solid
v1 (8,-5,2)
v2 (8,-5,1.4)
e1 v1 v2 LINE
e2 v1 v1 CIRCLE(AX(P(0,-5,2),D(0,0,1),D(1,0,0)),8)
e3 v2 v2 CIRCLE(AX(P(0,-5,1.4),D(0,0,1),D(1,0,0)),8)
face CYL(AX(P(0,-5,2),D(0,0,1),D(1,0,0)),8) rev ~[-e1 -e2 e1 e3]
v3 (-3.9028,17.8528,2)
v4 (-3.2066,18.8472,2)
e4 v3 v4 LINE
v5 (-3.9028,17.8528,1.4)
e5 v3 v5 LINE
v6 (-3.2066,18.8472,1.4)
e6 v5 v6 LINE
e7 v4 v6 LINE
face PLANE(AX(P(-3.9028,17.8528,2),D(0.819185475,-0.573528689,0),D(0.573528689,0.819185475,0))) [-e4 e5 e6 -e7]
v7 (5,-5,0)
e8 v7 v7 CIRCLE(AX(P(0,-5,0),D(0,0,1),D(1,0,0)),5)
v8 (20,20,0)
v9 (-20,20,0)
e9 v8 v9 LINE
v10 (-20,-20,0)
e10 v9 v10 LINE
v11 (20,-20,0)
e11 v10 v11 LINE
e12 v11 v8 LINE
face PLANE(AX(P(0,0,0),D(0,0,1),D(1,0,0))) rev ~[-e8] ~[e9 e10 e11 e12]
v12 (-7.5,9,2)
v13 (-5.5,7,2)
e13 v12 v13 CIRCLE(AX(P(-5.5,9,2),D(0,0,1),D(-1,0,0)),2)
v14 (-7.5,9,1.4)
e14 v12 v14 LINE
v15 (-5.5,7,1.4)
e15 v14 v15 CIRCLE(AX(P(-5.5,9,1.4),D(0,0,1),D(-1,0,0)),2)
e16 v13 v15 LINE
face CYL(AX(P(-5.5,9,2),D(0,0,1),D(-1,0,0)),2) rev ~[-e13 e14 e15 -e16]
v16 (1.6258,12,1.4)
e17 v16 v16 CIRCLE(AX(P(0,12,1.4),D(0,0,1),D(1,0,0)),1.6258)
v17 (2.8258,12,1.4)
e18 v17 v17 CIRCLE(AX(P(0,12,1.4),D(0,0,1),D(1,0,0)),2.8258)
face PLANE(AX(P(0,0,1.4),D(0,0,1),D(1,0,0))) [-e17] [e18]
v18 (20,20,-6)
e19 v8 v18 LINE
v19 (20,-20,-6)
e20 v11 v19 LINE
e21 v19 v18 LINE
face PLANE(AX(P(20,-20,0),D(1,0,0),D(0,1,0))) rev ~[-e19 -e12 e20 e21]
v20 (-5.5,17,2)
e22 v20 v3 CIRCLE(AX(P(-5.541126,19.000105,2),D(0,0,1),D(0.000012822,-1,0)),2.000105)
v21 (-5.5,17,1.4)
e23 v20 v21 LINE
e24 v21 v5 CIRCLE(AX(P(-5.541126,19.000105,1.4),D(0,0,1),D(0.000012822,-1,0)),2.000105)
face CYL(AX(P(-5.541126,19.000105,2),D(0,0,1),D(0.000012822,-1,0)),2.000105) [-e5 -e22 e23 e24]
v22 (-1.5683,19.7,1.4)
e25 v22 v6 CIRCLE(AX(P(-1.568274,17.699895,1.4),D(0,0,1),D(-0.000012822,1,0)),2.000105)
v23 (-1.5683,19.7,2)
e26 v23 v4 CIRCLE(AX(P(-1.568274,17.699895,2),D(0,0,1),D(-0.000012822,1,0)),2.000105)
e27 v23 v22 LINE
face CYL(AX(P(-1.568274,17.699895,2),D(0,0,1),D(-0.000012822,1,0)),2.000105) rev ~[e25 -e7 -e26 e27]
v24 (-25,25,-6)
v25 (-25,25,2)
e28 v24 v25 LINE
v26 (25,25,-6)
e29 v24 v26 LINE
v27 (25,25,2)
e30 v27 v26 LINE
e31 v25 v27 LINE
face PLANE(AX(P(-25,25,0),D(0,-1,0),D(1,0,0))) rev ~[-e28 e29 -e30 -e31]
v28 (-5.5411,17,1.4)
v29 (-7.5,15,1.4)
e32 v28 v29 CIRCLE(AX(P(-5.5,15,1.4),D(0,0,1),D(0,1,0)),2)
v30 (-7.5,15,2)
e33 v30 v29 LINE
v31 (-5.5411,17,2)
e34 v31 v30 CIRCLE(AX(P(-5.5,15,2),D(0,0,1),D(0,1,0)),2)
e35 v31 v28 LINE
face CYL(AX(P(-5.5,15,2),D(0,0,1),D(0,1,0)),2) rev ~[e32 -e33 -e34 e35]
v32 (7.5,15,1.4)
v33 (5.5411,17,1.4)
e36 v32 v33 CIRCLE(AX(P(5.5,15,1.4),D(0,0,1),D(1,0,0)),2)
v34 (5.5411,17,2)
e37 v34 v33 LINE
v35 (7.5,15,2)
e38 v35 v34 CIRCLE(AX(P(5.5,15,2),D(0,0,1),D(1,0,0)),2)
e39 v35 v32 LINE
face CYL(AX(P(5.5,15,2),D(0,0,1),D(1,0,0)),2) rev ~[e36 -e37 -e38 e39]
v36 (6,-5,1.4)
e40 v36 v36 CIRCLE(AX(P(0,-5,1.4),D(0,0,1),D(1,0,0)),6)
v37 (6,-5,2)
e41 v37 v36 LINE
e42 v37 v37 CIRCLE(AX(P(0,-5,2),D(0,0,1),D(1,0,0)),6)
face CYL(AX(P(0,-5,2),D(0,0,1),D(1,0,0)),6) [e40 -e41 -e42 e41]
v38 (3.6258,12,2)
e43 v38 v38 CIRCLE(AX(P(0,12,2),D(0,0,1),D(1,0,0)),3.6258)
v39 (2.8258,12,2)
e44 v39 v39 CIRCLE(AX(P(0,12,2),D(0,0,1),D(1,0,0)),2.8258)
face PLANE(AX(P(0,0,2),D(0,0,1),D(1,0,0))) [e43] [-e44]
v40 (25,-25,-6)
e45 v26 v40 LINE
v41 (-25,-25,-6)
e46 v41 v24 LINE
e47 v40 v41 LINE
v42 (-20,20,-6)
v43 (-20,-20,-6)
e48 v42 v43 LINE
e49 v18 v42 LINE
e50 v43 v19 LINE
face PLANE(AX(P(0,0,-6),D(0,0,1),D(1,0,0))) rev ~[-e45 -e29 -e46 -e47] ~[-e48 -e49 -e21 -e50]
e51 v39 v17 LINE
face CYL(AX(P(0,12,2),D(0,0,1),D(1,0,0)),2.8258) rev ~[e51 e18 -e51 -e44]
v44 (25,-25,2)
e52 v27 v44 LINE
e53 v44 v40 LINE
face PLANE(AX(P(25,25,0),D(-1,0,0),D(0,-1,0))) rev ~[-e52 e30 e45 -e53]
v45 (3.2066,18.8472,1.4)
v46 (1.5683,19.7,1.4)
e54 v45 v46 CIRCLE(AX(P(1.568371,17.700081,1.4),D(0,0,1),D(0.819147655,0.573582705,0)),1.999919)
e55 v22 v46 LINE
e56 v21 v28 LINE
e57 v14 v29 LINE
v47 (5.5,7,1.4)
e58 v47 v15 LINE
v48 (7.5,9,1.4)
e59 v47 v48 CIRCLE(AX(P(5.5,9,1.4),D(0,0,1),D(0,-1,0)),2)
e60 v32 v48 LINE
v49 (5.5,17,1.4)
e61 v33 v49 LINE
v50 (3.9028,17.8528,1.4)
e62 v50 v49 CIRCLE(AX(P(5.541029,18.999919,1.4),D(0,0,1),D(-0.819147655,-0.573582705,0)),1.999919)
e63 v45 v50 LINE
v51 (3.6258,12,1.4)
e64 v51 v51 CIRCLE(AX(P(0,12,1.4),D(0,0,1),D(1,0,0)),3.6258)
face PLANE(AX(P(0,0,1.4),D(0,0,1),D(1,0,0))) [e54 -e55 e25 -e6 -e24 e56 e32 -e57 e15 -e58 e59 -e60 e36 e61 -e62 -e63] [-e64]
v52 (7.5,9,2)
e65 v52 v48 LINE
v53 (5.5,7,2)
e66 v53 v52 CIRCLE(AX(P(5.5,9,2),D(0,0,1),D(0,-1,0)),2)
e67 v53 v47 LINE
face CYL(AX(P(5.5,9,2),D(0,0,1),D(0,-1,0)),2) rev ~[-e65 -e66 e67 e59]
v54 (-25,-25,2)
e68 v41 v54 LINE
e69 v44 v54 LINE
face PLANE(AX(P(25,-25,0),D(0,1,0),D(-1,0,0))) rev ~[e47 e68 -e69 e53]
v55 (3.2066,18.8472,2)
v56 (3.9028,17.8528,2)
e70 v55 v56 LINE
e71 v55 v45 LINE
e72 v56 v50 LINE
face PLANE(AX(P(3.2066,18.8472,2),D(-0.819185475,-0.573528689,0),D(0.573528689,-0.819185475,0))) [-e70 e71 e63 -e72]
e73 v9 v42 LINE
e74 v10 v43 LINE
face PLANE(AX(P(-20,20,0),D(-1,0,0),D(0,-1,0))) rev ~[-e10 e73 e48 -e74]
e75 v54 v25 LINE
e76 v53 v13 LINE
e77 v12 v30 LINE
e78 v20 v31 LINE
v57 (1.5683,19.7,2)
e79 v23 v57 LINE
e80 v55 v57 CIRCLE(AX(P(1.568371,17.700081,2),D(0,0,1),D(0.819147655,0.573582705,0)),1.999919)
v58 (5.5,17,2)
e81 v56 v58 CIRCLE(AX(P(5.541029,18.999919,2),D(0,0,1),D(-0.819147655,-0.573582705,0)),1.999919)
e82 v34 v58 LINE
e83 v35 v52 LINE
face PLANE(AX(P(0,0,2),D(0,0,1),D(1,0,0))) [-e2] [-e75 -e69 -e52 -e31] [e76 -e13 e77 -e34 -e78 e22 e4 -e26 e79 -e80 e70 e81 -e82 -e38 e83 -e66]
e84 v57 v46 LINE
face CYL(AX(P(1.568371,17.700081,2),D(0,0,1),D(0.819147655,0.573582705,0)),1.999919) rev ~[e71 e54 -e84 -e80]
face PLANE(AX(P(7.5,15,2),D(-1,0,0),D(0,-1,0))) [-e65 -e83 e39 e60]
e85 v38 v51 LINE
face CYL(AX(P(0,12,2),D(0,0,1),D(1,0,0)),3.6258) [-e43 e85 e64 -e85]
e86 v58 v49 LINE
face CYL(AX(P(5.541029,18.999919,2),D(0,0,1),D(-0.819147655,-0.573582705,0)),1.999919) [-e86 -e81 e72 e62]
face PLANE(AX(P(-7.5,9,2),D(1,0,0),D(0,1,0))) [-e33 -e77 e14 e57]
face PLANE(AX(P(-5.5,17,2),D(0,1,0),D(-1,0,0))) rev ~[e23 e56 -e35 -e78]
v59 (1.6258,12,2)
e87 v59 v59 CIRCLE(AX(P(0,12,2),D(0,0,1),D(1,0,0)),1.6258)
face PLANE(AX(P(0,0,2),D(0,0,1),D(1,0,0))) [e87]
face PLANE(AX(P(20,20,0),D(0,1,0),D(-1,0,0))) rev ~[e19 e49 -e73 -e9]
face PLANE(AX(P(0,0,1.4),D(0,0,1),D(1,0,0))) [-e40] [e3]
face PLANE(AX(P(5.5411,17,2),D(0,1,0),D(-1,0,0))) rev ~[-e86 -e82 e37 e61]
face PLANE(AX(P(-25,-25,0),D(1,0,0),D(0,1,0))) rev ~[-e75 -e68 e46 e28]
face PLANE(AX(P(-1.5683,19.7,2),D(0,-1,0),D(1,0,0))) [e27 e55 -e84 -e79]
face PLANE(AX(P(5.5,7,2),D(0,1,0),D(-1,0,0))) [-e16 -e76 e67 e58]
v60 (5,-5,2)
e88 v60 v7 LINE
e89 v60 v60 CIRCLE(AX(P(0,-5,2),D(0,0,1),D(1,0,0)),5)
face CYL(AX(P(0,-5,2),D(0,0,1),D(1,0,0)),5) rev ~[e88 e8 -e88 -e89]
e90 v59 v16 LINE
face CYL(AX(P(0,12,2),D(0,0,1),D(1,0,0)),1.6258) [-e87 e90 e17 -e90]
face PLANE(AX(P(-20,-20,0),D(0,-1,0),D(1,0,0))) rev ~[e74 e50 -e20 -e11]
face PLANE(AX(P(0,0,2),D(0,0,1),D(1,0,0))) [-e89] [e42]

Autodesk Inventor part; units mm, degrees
ref_plane "YZ Plane" through (0, 0, 0) normal (1, 0, 0) x (0, 1, 0)
ref_plane "XZ Plane" through (0, 0, 0) normal (0, 1, 0) x (-1, 0, 0)
ref_plane "XY Plane" through (0, 0, 0) normal (0, 0, 1) x (1, 0, 0)
sketch "Boceto1" plane through (0, 0, 0) normal (0, 0, 1) x (1, 0, 0)
  line L0 (-20, -20) -> (20, -20)
  line L1 (20, -20) -> (20, 20)
  line L2 (20, 20) -> (-20, 20)
  line L3 (-20, 20) -> (-20, -20)
  line L4 (-20, -20) -> (20, 20) construction
  line L5 (20, -20) -> (-20, 20) construction
  line L6 (-25, 25) -> (25, 25)
  line L7 (25, 25) -> (25, -25)
  line L8 (25, -25) -> (-25, -25)
  line L9 (-25, -25) -> (-25, 25)
  point P0 (0, 0)
  dimension "d0" = 40
  dimension "d1" = 40
  dimension "d2" = 5
extrude "Extrusión1" add sketch "Boceto1" against normal blind 6
extrude "Extrusión2" add sketch "Boceto1" along normal blind 2 contours L3 L2 L1 L0 | L6 L7 L8 L9
sketch "Boceto3" plane through (0, 0, 2) normal (0, 0, 1) x (1, 0, 0)
  line L0 (25, -25) -> (-25, -25) projected
  line L1 (-25, -25) -> (-25, 25) projected
  line L2 (-25, 25) -> (25, 25) projected
  line L3 (25, 25) -> (25, -25) projected
  line L4 (20, -20) -> (-20, -20) projected
  line L5 (-20, -20) -> (-20, 20) projected
  line L6 (-20, 20) -> (20, 20) projected
  line L7 (20, 20) -> (20, -20) projected
  line L8 (-20, -5) -> (20, -5) construction
  circle A0 centre (0, -5) radius 5
  circle A1 centre (0, -5) radius 6
  circle A2 centre (0, -5) radius 8
  line L9 (-20, 12) -> (20, 12) construction
  line L10 (0, 3) -> (0, -5) construction
  line L11 (5.5, 7) -> (-5.5, 7)
  line L12 (-7.5, 9) -> (-7.5, 15)
  line L13 (7.5, 15) -> (7.5, 9)
  line L14 (7.5, 7) -> (-7.5, 17) construction
  line L15 (-7.5, 7) -> (7.5, 17) construction
  line L16 (-3.9028, 17.8528) -> (-3.2066, 18.8472)
  line L17 (3.2066, 18.8472) -> (3.9028, 17.8528)
  line L18 (-1.5683, 19.7) -> (1.5683, 19.7)
  circle A3 centre (0, 12) radius 1.6258
  circle A4 centre (0, 12) radius 2.8258
  circle A5 centre (0, 12) radius 3.6258
  line L19 (-5.5, 17) -> (-5.5411, 17)
  line L20 (5.5411, 17) -> (5.5, 17)
  arc A6 (-5.5411, 17) -> (-3.9028, 17.8528) centre (-5.5411, 19) ccw
  arc A7 (-1.5683, 19.7) -> (-3.2066, 18.8472) centre (-1.5683, 17.7) ccw
  arc A8 (3.2066, 18.8472) -> (1.5683, 19.7) centre (1.5683, 17.7) ccw
  arc A9 (3.9028, 17.8528) -> (5.5411, 17) centre (5.5411, 19) ccw
  arc A10 (-5.5, 17) -> (-7.5, 15) centre (-5.5, 15) ccw
  arc A11 (-7.5, 9) -> (-5.5, 7) centre (-5.5, 9) ccw
  arc A12 (5.5, 7) -> (7.5, 9) centre (5.5, 9) ccw
  arc A13 (7.5, 15) -> (5.5, 17) centre (5.5, 15) ccw
  point P0 (0, 0)
  point P1 (-4.5, 17)
  point P2 (5.5206, 17)
  dimension "d13" = 15
  dimension "d14" = 10
  dimension "d17" = 1
  dimension "d18" = 2
  dimension "d21" = 9
  dimension "d22" = 15
  dimension "d23" = 10
  dimension "d25" = 3
  dimension "d27" = 3.2517
  dimension "d28" = 1.2
  dimension "d29" = 0.8
  dimension "d30" = 2.7
  dimension "d31" = 125
  dimension "d32" = 2
  dimension "d33" = 2
extrude "Extrusión4" cut sketch "Boceto3" against normal through all contours A0
extrude "Extrusión5" cut sketch "Boceto3" against normal blind 0.6 contours A2
extrude "Extrusión6" cut sketch "Boceto3" against normal blind 0.6 contours L11 A11 L12 A10 L19 A6 L16 A7 L18 A8 L17 A9 L20 A13 L13 A12 | A4
sketch "Boceto4" plane through (0, 0, -6) normal (0, 0, -1) x (-1, 0, 0)
  point P0 (0, 0)
equation "\"d1\" = d0"
equation "\"d14\" = D_camara"
equation "\"D_camara\" = 10"
properties part number "Tapa_camara"
